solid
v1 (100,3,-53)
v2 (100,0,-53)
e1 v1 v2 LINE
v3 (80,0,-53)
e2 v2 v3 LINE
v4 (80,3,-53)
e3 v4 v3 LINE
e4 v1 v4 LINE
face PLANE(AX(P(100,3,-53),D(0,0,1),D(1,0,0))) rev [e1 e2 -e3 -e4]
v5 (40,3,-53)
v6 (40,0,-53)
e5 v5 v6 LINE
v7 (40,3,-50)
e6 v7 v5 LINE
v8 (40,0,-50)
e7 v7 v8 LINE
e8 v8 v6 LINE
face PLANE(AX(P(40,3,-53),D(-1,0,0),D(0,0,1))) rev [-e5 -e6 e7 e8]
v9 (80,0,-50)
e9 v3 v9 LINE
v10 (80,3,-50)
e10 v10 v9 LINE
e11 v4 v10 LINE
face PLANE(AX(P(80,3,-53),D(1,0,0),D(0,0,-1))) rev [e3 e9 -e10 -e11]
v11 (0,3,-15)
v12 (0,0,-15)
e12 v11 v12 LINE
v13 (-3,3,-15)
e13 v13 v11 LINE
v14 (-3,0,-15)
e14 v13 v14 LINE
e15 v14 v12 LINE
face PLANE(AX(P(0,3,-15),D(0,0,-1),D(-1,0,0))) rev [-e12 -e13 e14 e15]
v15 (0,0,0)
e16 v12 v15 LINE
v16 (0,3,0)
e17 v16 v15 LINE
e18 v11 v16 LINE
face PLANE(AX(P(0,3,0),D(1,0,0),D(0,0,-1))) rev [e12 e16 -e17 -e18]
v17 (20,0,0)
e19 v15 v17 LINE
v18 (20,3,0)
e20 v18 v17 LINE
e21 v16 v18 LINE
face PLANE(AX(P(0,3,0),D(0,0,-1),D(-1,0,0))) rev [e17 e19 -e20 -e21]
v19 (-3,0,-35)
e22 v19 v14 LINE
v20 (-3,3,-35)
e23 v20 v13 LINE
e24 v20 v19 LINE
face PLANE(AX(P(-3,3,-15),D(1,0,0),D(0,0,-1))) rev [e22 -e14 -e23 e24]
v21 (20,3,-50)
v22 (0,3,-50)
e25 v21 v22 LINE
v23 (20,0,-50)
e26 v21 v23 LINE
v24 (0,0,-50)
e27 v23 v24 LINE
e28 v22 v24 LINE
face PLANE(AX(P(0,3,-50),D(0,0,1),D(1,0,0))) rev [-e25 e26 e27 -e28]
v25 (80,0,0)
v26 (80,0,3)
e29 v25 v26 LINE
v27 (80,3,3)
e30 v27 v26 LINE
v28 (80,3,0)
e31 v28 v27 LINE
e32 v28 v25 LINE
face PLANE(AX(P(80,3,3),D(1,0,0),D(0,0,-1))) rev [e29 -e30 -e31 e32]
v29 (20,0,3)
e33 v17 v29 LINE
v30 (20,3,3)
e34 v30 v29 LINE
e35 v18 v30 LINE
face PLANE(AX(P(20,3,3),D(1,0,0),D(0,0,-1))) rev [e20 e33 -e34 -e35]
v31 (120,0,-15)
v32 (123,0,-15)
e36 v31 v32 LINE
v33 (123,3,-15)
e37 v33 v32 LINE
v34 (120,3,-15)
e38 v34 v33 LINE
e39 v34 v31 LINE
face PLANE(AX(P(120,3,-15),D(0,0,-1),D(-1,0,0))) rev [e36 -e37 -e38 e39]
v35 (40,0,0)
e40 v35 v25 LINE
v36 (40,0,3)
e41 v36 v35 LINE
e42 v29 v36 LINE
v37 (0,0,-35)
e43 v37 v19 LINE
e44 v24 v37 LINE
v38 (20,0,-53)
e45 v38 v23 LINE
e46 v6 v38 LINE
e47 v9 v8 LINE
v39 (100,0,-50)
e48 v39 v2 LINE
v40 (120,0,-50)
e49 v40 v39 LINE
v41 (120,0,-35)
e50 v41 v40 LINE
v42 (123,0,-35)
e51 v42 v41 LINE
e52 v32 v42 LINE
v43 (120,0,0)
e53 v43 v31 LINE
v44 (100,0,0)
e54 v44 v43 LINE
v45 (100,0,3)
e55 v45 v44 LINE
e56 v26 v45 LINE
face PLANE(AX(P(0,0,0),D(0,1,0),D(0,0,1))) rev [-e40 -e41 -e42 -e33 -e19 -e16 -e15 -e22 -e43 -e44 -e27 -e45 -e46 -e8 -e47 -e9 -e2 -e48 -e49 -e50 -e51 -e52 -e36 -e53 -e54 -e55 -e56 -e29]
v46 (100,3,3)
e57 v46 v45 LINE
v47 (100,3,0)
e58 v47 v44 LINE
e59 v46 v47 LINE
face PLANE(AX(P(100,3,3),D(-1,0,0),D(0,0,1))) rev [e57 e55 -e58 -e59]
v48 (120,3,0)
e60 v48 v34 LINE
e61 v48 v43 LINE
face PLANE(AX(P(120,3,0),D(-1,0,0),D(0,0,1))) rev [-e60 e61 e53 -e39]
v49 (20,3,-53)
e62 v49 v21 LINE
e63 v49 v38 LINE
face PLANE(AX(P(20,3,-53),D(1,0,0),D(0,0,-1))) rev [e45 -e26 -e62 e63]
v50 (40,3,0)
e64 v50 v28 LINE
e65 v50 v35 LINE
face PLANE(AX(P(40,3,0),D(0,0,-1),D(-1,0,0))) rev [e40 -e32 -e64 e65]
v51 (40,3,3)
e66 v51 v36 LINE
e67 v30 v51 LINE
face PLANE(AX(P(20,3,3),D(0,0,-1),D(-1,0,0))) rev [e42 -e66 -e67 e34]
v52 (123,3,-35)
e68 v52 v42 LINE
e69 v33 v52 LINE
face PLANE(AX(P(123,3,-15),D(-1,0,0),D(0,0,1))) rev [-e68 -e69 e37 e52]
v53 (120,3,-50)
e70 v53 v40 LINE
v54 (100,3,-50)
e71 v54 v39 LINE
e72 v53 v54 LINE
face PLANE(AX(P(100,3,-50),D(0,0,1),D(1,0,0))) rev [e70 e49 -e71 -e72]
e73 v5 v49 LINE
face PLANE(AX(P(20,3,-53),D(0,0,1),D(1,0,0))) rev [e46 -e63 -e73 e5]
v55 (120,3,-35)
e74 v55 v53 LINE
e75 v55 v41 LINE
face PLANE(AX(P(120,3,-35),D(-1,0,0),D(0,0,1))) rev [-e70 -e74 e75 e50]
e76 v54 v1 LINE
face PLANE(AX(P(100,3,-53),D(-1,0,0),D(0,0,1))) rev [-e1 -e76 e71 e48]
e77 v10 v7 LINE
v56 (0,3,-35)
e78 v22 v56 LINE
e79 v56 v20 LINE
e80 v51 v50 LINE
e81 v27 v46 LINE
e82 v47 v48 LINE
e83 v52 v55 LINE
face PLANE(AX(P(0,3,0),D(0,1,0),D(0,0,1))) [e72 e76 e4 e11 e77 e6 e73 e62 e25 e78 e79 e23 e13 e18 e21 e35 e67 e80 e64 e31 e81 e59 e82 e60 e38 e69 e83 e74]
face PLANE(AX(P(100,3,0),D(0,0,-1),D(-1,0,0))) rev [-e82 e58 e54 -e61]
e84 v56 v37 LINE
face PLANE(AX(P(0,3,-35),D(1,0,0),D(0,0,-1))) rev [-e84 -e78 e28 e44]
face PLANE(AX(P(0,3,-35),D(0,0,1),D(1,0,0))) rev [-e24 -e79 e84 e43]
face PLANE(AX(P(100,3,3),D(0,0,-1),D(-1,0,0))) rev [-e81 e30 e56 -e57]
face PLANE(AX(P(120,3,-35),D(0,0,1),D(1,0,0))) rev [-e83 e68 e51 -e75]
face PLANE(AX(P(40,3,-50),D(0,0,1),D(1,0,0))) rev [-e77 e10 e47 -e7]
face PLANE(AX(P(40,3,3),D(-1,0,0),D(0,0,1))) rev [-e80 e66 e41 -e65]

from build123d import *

# Parameters (mm, degrees)
BOSS_EXTRUDE1_DEPTH = 3


with BuildPart() as part:
    # Sketch2 → Boss-Extrude1 (new body)
    with BuildSketch(Plane(origin=(0, 0, 0), x_dir=(1, 0, 0), z_dir=(0, 1, 0))):
        Polygon((0, 0), (20, 0), (20, -3), (40, -3), (40, 0), (80, 0), (80, -3), (100, -3), (100, 0), (120, 0), (120, 15), (123, 15), (123, 35), (120, 35), (120, 50), (100, 50), (100, 53), (80, 53), (80, 50), (40, 50), (40, 53), (20, 53), (20, 50), (0, 50), (0, 35), (-3, 35), (-3, 15), (0, 15), align=None)
    extrude(amount=BOSS_EXTRUDE1_DEPTH)


solid = part.part
